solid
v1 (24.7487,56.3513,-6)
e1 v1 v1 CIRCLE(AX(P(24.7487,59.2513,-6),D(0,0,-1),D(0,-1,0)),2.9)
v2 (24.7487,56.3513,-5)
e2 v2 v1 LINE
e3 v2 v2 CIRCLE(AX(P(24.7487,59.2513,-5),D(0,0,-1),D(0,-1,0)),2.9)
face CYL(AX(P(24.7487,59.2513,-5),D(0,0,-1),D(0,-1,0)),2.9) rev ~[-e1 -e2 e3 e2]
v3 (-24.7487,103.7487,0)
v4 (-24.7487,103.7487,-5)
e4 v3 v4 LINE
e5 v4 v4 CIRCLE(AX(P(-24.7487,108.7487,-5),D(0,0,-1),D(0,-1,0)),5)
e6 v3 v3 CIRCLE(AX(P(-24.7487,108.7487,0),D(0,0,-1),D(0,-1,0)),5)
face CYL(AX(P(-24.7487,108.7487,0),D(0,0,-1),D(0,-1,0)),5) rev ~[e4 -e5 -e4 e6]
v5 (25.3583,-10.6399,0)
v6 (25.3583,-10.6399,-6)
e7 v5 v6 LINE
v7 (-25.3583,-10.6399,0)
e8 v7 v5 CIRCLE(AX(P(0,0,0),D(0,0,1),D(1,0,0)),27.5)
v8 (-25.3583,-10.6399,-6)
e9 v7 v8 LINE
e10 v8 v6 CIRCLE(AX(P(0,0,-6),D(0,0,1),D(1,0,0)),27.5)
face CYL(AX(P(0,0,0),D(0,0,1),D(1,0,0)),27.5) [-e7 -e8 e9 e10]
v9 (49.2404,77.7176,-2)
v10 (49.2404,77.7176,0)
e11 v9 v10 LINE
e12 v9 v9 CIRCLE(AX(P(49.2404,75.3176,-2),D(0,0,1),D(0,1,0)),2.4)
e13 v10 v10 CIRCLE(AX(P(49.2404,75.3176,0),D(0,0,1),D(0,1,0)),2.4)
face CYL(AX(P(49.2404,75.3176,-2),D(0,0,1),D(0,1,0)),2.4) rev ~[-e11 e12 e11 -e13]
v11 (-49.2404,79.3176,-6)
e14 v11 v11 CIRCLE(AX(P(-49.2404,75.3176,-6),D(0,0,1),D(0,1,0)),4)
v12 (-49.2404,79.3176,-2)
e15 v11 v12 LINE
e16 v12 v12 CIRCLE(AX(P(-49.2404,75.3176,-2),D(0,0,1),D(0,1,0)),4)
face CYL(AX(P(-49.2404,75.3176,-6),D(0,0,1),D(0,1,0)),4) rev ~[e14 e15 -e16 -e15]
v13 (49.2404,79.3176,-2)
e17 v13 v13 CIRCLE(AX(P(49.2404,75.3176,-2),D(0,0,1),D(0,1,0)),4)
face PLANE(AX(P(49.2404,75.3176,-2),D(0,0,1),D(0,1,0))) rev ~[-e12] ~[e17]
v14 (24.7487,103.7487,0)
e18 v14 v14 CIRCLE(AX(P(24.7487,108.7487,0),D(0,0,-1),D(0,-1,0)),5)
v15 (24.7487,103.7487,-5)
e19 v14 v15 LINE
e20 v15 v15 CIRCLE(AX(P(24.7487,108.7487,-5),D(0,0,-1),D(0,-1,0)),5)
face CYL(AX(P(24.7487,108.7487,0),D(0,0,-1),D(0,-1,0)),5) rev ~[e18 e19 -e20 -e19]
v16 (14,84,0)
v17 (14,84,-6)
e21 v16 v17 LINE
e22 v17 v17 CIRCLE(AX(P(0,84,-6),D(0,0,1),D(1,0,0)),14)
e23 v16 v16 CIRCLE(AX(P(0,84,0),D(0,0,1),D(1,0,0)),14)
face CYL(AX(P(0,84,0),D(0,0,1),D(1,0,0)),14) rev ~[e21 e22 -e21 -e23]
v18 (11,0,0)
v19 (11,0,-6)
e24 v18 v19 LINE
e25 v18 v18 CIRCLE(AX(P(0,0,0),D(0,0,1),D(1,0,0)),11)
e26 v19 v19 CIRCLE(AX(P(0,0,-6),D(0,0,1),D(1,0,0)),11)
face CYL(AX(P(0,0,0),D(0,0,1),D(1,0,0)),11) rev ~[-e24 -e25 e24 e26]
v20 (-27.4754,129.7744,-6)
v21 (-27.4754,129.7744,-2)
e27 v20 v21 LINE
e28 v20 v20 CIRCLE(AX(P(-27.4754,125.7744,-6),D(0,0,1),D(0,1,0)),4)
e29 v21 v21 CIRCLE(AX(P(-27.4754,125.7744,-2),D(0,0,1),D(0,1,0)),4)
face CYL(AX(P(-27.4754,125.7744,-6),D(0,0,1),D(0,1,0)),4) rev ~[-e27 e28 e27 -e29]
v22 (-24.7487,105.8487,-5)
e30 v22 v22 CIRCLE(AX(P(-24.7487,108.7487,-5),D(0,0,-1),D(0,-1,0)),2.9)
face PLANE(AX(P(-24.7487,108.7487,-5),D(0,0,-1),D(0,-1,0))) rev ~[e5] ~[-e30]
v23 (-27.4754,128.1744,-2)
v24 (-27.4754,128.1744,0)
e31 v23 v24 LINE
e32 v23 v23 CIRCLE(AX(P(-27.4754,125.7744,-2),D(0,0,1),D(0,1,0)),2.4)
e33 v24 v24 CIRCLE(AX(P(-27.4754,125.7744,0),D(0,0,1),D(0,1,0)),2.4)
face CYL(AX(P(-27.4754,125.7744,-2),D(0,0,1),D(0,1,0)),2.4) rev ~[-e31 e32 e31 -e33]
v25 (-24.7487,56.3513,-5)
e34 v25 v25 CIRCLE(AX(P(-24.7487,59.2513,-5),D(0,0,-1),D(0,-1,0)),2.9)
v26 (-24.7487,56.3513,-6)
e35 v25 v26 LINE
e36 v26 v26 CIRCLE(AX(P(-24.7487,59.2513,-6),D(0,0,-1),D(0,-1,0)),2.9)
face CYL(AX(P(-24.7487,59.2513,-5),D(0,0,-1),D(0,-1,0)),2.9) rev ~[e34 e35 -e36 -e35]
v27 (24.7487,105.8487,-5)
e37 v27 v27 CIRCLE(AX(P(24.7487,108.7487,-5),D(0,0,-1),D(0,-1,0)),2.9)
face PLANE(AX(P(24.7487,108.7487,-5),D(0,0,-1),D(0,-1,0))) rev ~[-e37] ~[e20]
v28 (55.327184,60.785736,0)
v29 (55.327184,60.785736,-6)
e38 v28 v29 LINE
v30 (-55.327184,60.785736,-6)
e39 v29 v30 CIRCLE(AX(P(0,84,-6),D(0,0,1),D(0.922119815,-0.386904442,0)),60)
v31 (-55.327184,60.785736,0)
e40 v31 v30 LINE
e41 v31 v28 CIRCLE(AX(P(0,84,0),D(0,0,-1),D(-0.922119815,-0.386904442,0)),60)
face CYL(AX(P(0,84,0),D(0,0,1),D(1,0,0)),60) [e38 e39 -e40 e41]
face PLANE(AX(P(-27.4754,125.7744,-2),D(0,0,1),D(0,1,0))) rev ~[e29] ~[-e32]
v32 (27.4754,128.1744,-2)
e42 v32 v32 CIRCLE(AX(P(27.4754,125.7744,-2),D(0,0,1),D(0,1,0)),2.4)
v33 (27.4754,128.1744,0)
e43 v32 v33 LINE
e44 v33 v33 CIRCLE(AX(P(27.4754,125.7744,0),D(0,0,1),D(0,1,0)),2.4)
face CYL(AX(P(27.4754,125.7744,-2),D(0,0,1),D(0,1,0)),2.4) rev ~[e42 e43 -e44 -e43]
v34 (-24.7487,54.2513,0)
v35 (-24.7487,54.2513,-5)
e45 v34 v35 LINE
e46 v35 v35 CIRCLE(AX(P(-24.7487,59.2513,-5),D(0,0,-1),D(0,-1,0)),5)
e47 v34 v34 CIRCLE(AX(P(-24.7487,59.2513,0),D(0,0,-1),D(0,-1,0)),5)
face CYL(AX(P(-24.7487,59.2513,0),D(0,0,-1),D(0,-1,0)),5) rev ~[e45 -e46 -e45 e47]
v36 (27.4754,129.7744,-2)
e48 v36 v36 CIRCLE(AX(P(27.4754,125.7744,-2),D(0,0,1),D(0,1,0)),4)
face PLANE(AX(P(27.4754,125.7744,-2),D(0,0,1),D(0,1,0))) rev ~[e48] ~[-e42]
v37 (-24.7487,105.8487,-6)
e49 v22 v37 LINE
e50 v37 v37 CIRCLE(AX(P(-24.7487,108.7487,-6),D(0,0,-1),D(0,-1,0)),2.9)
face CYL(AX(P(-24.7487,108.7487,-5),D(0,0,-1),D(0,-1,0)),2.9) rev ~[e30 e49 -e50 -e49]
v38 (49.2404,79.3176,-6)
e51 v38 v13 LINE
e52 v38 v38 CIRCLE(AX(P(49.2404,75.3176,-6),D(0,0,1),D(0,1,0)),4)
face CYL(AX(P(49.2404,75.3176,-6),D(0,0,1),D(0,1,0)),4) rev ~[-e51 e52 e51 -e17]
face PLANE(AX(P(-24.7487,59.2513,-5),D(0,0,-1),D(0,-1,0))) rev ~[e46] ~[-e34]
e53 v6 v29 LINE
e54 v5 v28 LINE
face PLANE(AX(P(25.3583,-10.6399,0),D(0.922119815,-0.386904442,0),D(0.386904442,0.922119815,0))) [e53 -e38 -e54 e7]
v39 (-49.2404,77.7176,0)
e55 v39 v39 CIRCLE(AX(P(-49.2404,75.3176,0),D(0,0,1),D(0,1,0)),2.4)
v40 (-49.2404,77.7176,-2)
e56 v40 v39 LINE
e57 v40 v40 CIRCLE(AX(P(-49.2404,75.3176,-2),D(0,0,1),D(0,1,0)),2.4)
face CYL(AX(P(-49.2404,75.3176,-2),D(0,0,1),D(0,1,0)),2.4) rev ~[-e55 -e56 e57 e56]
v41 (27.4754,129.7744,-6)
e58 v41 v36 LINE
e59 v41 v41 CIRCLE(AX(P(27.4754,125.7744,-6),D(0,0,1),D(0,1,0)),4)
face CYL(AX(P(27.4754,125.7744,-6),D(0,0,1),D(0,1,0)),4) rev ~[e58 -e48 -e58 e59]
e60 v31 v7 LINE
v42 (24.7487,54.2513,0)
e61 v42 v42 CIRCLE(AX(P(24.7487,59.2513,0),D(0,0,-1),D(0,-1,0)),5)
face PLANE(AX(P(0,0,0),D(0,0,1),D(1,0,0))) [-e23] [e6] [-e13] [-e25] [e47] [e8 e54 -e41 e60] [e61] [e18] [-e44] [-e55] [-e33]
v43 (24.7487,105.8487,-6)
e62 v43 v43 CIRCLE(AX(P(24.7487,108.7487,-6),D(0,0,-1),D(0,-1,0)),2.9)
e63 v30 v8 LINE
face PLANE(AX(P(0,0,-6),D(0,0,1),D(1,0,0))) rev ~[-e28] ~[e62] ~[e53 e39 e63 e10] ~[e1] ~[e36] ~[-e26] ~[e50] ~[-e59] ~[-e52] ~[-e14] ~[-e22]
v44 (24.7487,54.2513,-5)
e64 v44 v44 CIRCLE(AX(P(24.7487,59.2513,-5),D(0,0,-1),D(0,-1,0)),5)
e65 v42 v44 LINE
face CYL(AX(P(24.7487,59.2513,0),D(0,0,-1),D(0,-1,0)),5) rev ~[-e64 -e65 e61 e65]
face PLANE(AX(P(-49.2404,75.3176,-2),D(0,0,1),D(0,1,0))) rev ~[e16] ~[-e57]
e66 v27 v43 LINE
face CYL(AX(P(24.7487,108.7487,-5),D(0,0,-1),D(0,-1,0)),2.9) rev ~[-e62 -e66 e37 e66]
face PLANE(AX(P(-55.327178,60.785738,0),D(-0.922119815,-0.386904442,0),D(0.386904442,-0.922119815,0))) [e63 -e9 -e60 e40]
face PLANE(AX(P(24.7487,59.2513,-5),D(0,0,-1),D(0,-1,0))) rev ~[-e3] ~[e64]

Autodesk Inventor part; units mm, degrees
ref_plane "YZ Plane" through (0, 0, 0) normal (1, 0, 0) x (0, 1, 0)
ref_plane "XZ Plane" through (0, 0, 0) normal (0, 1, 0) x (-1, 0, 0)
ref_plane "XY Plane" through (0, 0, 0) normal (0, 0, 1) x (1, 0, 0)
sketch "Sketch1" plane through (0, 0, 0) normal (0, 0, 1) x (1, 0, 0)
  circle A0 centre (0, 0) radius 11
  circle A1 centre (0, 84) radius 14
  circle A2 centre (0, 0) radius 72 construction
  circle A3 centre (0, 84) radius 12 construction
  line L0 (0, 84) -> (0, 0) construction
  line L1 (-67.6579, 24.6255) -> (0, 0) construction
  line L2 (67.6579, 24.6255) -> (0, 0) construction
  circle A4 centre (0, 84) radius 35 construction
  line L3 (-60, 71.9226) -> (-60, 144)
  line L4 (-60, 144) -> (60, 144)
  line L5 (60, 144) -> (60, 71.9226)
  circle A5 centre (0, 0) radius 27.5
  line L6 (25.3583, -10.6399) -> (60, 71.9226)
  line L7 (-60, 71.9226) -> (-25.3583, -10.6399)
  line L8 (0, 0) -> (135.9462, -63.3927) construction
  line L9 (-24.7487, 59.2513) -> (24.7487, 59.2513) construction
  circle A6 centre (0, 84) radius 60
  point P0 (24.7487, 108.7487)
  point P1 (-24.7487, 108.7487)
  point P2 (55.3272, 60.7857)
  point P3 (-55.3272, 60.7857)
  dimension "d7" = 70
  dimension "d1" = 24
  dimension "d2" = 144
  dimension "d3" = 28
  dimension "d4" = 22
  dimension "d6" = 220
  dimension "d10" = 360
  dimension "d12" = 55
  dimension "d17" = 150
  dimension "d18" = 45
  dimension "d28" = 120
sketch "Sketch2" plane through (0, 0, 0) normal (0, 0, 1) x (1, 0, 0)
  point P0 (0, 0)
extrude "Extrusion1" add sketch "Sketch1" against normal blind 6 contours A6 A5 | A6 A5 L7 | A5 A6 | A5 A6 | A5 A6 L6
hole "Hole1" at (-24.7487, 59.2513, 0) at (-24.7487, 108.7487, 0) at (24.7487, 108.7487, 0) at (24.7487, 59.2513, 0) direction (0, 0, -1) diameter 5.8 end through all counterbore diameter 10 counterbore depth 5 clearance for "Socket Head Cap Screw" size "M5" standard "Ansi Metric M Profile"
sketch "Sketch3" plane through (0, 0, -6) normal (0, 0, -1) x (-1, 0, 0)
  circle A0 centre (0, 84) radius 50 construction
  line L0 (0, 84) -> (0, 134) construction
  circle A1 centre (0, 84) radius 14 construction
  line L1 (-49.2404, 75.3176) -> (0, 84) construction
  point P0 (0, 0)
  point P1 (-27.4754, 125.7744)
  point P2 (27.4754, 125.7744)
  point P3 (49.2404, 75.3176)
  dimension "d29" = 100
  dimension "d30" = 100
  dimension "d33" = 200
hole "Hole2" at (0, 84, -6) at (49.2404, 75.3176, -6) at (27.4754, 125.7744, -6) at (-27.4754, 125.7744, -6) at (-49.2404, 75.3176, -6) direction (0, 0, 1) diameter 4.8 end through all counterbore diameter 8 counterbore depth 4 clearance for "Socket Head Cap Screw" size "M4" standard "Ansi Metric M Profile"
equation "\"d2\" = 6 * d1"
properties part number "RT_ARM_MC_008_Capstand_Base"
